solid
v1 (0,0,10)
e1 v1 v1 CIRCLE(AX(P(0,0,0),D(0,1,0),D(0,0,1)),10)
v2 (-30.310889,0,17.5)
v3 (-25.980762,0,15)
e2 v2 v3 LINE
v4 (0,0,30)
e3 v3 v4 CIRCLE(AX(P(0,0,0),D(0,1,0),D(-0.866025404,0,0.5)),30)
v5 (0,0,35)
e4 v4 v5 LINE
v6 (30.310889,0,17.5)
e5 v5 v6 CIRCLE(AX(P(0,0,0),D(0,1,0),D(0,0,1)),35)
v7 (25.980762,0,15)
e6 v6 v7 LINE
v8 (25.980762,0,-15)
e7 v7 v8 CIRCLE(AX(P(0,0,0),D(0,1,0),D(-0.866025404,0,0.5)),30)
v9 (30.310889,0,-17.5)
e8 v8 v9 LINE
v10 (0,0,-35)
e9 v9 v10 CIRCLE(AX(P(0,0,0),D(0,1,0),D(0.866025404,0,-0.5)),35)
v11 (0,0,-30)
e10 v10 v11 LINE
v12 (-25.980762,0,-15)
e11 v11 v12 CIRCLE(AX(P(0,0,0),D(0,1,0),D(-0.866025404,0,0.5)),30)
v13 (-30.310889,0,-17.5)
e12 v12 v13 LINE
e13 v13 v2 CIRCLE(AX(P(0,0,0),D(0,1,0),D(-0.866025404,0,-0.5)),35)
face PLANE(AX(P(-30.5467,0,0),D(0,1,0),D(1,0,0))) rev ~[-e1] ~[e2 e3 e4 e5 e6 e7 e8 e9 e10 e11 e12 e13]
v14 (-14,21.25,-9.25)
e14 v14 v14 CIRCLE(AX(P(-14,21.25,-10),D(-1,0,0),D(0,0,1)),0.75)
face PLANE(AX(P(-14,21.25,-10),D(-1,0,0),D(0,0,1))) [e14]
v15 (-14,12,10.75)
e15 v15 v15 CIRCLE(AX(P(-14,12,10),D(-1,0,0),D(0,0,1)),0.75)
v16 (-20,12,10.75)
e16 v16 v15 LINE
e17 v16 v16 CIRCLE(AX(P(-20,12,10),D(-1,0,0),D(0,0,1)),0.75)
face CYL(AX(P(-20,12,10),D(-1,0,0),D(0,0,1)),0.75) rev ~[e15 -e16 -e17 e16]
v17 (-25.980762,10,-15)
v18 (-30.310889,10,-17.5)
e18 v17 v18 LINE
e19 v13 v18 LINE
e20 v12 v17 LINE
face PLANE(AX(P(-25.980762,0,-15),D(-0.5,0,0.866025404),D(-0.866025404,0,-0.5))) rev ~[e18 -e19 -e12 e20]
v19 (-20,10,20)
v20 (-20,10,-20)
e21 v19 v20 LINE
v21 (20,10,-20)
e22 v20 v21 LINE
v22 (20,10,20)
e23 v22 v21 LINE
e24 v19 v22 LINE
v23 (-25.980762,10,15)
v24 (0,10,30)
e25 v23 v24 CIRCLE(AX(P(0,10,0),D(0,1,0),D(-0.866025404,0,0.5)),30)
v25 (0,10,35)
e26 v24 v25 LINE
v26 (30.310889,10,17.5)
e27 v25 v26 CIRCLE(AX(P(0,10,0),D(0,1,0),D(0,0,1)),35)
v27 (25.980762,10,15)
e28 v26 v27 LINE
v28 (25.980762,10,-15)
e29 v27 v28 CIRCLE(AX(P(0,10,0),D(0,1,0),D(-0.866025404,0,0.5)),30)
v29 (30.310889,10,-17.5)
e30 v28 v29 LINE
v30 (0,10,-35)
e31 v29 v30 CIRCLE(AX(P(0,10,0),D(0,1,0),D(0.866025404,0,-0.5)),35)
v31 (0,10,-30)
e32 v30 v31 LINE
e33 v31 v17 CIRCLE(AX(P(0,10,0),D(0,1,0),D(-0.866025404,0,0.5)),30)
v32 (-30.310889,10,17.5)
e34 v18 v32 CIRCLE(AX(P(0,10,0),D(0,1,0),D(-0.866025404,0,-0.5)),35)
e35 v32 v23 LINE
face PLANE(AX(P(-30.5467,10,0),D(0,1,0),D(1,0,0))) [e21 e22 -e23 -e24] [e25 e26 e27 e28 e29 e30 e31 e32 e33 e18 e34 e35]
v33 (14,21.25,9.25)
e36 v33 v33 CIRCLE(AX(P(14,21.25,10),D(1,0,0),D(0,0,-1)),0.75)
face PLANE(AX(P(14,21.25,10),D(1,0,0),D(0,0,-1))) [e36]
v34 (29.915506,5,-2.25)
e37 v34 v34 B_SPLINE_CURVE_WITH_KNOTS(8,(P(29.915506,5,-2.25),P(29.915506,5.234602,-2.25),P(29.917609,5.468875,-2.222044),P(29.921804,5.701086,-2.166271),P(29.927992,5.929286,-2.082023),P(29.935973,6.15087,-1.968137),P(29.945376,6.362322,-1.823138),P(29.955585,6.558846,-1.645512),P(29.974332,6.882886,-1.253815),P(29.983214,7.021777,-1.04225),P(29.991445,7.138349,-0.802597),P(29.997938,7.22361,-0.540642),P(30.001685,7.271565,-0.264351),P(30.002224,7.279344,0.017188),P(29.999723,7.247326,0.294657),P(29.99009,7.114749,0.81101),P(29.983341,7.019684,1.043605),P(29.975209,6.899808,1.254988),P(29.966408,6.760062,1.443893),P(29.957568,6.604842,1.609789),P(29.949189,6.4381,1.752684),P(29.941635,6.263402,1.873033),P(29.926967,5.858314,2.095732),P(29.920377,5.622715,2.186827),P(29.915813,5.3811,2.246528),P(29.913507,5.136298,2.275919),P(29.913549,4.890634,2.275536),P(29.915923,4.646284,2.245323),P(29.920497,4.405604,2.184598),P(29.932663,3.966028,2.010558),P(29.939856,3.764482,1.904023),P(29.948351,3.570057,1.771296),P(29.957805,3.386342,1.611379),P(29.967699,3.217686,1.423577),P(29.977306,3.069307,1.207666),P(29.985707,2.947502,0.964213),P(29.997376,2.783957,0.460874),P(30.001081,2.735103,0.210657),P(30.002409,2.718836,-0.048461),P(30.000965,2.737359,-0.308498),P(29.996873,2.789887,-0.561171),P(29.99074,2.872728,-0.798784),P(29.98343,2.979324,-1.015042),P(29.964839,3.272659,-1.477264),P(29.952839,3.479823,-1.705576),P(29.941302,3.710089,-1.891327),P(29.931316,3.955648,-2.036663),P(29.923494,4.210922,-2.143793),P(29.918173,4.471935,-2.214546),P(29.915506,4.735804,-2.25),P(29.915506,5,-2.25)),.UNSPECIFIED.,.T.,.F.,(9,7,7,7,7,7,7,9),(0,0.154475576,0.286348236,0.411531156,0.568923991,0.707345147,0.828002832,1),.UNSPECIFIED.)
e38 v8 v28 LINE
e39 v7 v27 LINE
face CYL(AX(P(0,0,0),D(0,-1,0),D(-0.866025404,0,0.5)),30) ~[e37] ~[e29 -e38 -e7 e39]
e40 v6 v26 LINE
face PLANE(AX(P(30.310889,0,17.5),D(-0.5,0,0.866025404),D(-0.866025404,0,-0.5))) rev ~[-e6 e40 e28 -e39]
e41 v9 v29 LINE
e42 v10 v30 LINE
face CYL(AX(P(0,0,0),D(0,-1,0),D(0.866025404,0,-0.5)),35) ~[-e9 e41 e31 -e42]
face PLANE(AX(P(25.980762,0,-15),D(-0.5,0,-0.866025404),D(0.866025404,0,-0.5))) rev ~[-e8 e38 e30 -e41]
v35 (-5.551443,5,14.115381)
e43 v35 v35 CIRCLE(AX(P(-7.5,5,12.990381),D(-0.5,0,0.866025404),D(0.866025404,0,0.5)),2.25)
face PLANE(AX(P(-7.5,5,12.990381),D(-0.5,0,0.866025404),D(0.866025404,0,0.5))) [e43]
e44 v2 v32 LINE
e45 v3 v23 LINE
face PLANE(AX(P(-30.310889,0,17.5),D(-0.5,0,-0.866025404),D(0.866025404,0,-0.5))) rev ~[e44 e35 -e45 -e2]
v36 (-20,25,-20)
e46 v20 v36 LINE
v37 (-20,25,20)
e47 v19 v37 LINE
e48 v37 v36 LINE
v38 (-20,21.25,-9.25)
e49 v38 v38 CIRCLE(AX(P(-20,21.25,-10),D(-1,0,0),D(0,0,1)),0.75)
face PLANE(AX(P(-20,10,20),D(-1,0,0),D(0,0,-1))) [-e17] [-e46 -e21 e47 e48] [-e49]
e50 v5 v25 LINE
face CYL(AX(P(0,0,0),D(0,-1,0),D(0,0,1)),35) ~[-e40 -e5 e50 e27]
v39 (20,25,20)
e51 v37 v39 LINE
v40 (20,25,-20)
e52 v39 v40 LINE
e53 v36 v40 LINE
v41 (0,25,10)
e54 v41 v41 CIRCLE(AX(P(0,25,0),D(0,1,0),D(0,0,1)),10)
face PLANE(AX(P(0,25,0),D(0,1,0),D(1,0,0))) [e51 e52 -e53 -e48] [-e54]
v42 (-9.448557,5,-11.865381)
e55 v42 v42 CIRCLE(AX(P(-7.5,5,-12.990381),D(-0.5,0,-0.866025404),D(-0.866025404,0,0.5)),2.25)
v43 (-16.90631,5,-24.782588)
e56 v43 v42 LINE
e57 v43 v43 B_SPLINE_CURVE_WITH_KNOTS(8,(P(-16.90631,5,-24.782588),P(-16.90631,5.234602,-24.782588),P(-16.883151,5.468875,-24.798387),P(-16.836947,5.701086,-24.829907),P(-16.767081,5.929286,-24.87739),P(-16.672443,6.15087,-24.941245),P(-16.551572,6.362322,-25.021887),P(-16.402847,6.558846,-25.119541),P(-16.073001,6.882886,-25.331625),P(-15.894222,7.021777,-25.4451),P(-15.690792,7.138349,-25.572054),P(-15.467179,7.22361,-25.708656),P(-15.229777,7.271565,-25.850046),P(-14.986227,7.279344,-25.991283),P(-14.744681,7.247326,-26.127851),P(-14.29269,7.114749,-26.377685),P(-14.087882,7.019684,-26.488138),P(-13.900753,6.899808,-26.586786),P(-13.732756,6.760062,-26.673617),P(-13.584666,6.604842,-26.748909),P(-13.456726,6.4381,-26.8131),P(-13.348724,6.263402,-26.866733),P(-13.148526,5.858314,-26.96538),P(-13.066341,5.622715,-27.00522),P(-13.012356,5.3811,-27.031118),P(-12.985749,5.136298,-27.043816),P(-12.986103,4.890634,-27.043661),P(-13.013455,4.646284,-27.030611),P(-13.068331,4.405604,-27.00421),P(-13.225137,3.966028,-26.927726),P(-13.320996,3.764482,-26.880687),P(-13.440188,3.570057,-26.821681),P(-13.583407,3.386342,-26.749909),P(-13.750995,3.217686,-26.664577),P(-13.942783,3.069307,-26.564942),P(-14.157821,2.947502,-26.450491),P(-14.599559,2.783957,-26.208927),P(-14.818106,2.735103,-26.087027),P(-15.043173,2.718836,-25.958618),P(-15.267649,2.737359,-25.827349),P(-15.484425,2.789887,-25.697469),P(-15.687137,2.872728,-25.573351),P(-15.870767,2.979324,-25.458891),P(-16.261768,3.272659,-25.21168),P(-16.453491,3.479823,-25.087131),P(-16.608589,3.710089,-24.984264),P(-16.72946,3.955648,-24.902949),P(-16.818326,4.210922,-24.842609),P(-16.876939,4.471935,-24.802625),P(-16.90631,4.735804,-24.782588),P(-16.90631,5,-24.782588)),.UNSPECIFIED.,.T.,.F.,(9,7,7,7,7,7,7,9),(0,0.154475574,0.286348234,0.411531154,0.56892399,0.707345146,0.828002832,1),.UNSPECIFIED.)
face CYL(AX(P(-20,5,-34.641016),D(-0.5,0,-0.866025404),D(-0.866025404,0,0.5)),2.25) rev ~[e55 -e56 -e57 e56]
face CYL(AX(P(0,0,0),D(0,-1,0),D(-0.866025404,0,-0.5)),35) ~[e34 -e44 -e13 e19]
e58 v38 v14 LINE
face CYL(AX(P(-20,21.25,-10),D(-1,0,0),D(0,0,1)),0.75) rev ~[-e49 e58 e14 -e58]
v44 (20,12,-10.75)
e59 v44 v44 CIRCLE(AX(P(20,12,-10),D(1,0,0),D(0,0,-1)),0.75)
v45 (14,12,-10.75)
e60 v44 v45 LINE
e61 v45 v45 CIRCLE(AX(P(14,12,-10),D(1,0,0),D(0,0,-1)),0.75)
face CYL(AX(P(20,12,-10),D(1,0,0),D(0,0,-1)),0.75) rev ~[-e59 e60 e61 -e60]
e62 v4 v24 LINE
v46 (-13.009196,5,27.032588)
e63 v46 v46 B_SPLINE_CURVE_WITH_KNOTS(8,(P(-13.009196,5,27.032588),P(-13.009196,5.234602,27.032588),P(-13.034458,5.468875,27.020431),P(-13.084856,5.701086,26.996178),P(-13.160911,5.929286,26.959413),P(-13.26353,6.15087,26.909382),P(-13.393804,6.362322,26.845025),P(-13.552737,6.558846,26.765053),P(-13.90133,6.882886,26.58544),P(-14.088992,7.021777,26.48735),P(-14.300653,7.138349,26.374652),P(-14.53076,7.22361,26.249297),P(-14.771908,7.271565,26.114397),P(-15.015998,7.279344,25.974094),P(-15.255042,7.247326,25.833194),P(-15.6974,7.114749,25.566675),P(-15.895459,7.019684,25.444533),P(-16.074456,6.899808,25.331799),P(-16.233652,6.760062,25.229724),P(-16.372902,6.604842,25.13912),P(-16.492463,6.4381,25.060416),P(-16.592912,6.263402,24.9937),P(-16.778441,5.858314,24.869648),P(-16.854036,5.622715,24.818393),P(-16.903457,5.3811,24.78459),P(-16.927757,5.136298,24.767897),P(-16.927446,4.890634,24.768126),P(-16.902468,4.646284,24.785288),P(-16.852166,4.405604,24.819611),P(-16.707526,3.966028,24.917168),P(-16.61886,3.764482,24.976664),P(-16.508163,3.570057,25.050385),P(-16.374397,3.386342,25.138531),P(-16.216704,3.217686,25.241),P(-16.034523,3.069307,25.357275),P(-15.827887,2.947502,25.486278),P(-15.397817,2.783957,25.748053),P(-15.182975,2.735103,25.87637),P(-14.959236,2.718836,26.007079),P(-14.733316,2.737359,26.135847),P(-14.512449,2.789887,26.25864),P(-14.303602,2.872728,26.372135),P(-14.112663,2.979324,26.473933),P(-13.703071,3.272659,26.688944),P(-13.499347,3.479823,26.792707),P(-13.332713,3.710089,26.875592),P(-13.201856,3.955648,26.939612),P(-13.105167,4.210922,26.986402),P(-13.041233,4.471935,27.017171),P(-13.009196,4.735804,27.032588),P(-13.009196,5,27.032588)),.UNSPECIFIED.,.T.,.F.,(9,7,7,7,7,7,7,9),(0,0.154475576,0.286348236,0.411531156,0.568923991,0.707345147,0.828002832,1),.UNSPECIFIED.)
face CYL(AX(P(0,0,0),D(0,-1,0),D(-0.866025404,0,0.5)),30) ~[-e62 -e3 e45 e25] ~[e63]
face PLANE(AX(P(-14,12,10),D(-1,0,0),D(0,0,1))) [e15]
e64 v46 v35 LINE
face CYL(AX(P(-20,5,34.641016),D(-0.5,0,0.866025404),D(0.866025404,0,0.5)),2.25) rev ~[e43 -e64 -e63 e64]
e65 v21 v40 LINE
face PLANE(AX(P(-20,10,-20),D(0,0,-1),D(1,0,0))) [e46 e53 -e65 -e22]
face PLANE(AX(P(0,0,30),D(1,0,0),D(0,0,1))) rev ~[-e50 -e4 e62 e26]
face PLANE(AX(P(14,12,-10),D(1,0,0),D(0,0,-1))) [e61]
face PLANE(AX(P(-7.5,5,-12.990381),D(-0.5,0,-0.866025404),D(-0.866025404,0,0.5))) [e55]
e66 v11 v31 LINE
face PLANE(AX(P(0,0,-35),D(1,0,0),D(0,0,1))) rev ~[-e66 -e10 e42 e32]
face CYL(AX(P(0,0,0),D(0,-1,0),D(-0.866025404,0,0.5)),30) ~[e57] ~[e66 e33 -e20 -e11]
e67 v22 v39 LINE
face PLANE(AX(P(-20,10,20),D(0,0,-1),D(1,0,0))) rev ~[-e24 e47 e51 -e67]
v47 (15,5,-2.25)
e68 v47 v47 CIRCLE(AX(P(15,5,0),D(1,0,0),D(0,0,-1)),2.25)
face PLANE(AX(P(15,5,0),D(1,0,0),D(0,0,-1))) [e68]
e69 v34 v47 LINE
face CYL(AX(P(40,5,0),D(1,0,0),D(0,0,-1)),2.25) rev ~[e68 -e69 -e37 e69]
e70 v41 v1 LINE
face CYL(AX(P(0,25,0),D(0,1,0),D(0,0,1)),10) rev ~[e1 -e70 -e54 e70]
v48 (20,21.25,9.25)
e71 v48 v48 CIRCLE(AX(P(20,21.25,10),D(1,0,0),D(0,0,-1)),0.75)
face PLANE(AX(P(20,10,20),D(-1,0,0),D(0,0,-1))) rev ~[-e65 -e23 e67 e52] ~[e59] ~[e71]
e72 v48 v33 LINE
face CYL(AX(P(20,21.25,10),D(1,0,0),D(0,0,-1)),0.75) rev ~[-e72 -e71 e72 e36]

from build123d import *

# Parameters (mm, degrees)
SKETCH1_R           = 30
BOSS_EXTRUDE3_DEPTH = 10
SKETCH2_R           = 2.25
CUT_EXTRUDE1_DEPTH  = 25
CIRPATTERN1_COUNT   = 3
SKETCH3_W           = 40
SKETCH3_H           = 40
BOSS_EXTRUDE4_DEPTH = 15
SKETCH5_R           = 10
CUT_EXTRUDE5_DEPTH  = 25
SKETCH4_R           = 0.75
CUT_EXTRUDE6_DEPTH  = 6
CIRPATTERN2_COUNT   = 2


with BuildPart() as part:
    # Sketch1 → Boss-Extrude3 (new body)
    with BuildSketch(Plane(origin=(0, 0, 0), x_dir=(1, 0, 0), z_dir=(0, 1, 0))):
        with BuildLine():
            Line((-25.980762114, 15), (-30.310889132, 17.5))
            ThreePointArc((-30.310889132, 17.5), (-35, 0), (-30.310889132, -17.5))
            Line((-30.310889132, -17.5), (-25.980762114, -15))
            ThreePointArc((-25.980762114, -15), (-30, 0), (-25.980762114, 15))
        make_face()
        Circle(SKETCH1_R)
        with BuildLine():
            Line((0, 35), (0, 30))
            ThreePointArc((0, 30), (15, 25.980762114), (25.980762114, 15))
            Line((25.980762114, 15), (30.310889132, 17.5))
            ThreePointArc((30.310889132, 17.5), (17.5, 30.310889132), (0, 35))
        make_face()
        with BuildLine():
            ThreePointArc((25.980762114, -15), (15, -25.980762114), (0, -30))
            Line((0, -30), (0, -35))
            ThreePointArc((0, -35), (17.5, -30.310889132), (30.310889132, -17.5))
            Line((30.310889132, -17.5), (25.980762114, -15))
        make_face()
    extrude(amount=BOSS_EXTRUDE3_DEPTH)

    # Sketch2 → Cut-Extrude1 (cut)
    with BuildSketch(Plane(origin=(40, 0, 0), x_dir=(0, 0, -1), z_dir=(1, 0, 0))):
        with Locations((0, 5)):
            Circle(SKETCH2_R)
    cut_extrude1 = extrude(amount=-CUT_EXTRUDE1_DEPTH, mode=Mode.SUBTRACT)

    # CirPattern1: Cut-Extrude1 ×3 about axis
    cirpattern1_axis = Axis((0, 0, 0), (0, 1, 0))
    for i in range(1, CIRPATTERN1_COUNT):
        add(cut_extrude1.rotate(cirpattern1_axis, i * 360 / CIRPATTERN1_COUNT), mode=Mode.SUBTRACT)

    # Sketch3 → Boss-Extrude4 (add)
    with BuildSketch(Plane(origin=(0, 10, 0), x_dir=(1, 0, 0), z_dir=(0, 1, 0))):
        Rectangle(SKETCH3_W, SKETCH3_H)
    extrude(amount=BOSS_EXTRUDE4_DEPTH)

    # Sketch5 → Cut-Extrude5 (cut)
    with BuildSketch(Plane(origin=(0, 25, 0), x_dir=(1, 0, 0), z_dir=(0, 1, 0))):
        with Locations(Location((0, 0, 0), (0, 0, 270))):
            Circle(SKETCH5_R)
    extrude(amount=-CUT_EXTRUDE5_DEPTH, mode=Mode.SUBTRACT)

    # Sketch4 → Cut-Extrude6 (cut)
    with BuildSketch(Plane(origin=(20, 0, 0), x_dir=(0, 0, -1), z_dir=(1, 0, 0))):
        with Locations((-10, 21.25)):
            Circle(SKETCH4_R)
        with Locations((10, 12)):
            Circle(SKETCH4_R)
    cut_extrude6 = extrude(amount=-CUT_EXTRUDE6_DEPTH, mode=Mode.SUBTRACT)

    # CirPattern2: Cut-Extrude6 ×2 about axis
    cirpattern2_axis = Axis((0, -28.284271247, 0), (0, 1, 0))
    for i in range(1, CIRPATTERN2_COUNT):
        add(cut_extrude6.rotate(cirpattern2_axis, i * 360 / CIRPATTERN2_COUNT), mode=Mode.SUBTRACT)


solid = part.part
